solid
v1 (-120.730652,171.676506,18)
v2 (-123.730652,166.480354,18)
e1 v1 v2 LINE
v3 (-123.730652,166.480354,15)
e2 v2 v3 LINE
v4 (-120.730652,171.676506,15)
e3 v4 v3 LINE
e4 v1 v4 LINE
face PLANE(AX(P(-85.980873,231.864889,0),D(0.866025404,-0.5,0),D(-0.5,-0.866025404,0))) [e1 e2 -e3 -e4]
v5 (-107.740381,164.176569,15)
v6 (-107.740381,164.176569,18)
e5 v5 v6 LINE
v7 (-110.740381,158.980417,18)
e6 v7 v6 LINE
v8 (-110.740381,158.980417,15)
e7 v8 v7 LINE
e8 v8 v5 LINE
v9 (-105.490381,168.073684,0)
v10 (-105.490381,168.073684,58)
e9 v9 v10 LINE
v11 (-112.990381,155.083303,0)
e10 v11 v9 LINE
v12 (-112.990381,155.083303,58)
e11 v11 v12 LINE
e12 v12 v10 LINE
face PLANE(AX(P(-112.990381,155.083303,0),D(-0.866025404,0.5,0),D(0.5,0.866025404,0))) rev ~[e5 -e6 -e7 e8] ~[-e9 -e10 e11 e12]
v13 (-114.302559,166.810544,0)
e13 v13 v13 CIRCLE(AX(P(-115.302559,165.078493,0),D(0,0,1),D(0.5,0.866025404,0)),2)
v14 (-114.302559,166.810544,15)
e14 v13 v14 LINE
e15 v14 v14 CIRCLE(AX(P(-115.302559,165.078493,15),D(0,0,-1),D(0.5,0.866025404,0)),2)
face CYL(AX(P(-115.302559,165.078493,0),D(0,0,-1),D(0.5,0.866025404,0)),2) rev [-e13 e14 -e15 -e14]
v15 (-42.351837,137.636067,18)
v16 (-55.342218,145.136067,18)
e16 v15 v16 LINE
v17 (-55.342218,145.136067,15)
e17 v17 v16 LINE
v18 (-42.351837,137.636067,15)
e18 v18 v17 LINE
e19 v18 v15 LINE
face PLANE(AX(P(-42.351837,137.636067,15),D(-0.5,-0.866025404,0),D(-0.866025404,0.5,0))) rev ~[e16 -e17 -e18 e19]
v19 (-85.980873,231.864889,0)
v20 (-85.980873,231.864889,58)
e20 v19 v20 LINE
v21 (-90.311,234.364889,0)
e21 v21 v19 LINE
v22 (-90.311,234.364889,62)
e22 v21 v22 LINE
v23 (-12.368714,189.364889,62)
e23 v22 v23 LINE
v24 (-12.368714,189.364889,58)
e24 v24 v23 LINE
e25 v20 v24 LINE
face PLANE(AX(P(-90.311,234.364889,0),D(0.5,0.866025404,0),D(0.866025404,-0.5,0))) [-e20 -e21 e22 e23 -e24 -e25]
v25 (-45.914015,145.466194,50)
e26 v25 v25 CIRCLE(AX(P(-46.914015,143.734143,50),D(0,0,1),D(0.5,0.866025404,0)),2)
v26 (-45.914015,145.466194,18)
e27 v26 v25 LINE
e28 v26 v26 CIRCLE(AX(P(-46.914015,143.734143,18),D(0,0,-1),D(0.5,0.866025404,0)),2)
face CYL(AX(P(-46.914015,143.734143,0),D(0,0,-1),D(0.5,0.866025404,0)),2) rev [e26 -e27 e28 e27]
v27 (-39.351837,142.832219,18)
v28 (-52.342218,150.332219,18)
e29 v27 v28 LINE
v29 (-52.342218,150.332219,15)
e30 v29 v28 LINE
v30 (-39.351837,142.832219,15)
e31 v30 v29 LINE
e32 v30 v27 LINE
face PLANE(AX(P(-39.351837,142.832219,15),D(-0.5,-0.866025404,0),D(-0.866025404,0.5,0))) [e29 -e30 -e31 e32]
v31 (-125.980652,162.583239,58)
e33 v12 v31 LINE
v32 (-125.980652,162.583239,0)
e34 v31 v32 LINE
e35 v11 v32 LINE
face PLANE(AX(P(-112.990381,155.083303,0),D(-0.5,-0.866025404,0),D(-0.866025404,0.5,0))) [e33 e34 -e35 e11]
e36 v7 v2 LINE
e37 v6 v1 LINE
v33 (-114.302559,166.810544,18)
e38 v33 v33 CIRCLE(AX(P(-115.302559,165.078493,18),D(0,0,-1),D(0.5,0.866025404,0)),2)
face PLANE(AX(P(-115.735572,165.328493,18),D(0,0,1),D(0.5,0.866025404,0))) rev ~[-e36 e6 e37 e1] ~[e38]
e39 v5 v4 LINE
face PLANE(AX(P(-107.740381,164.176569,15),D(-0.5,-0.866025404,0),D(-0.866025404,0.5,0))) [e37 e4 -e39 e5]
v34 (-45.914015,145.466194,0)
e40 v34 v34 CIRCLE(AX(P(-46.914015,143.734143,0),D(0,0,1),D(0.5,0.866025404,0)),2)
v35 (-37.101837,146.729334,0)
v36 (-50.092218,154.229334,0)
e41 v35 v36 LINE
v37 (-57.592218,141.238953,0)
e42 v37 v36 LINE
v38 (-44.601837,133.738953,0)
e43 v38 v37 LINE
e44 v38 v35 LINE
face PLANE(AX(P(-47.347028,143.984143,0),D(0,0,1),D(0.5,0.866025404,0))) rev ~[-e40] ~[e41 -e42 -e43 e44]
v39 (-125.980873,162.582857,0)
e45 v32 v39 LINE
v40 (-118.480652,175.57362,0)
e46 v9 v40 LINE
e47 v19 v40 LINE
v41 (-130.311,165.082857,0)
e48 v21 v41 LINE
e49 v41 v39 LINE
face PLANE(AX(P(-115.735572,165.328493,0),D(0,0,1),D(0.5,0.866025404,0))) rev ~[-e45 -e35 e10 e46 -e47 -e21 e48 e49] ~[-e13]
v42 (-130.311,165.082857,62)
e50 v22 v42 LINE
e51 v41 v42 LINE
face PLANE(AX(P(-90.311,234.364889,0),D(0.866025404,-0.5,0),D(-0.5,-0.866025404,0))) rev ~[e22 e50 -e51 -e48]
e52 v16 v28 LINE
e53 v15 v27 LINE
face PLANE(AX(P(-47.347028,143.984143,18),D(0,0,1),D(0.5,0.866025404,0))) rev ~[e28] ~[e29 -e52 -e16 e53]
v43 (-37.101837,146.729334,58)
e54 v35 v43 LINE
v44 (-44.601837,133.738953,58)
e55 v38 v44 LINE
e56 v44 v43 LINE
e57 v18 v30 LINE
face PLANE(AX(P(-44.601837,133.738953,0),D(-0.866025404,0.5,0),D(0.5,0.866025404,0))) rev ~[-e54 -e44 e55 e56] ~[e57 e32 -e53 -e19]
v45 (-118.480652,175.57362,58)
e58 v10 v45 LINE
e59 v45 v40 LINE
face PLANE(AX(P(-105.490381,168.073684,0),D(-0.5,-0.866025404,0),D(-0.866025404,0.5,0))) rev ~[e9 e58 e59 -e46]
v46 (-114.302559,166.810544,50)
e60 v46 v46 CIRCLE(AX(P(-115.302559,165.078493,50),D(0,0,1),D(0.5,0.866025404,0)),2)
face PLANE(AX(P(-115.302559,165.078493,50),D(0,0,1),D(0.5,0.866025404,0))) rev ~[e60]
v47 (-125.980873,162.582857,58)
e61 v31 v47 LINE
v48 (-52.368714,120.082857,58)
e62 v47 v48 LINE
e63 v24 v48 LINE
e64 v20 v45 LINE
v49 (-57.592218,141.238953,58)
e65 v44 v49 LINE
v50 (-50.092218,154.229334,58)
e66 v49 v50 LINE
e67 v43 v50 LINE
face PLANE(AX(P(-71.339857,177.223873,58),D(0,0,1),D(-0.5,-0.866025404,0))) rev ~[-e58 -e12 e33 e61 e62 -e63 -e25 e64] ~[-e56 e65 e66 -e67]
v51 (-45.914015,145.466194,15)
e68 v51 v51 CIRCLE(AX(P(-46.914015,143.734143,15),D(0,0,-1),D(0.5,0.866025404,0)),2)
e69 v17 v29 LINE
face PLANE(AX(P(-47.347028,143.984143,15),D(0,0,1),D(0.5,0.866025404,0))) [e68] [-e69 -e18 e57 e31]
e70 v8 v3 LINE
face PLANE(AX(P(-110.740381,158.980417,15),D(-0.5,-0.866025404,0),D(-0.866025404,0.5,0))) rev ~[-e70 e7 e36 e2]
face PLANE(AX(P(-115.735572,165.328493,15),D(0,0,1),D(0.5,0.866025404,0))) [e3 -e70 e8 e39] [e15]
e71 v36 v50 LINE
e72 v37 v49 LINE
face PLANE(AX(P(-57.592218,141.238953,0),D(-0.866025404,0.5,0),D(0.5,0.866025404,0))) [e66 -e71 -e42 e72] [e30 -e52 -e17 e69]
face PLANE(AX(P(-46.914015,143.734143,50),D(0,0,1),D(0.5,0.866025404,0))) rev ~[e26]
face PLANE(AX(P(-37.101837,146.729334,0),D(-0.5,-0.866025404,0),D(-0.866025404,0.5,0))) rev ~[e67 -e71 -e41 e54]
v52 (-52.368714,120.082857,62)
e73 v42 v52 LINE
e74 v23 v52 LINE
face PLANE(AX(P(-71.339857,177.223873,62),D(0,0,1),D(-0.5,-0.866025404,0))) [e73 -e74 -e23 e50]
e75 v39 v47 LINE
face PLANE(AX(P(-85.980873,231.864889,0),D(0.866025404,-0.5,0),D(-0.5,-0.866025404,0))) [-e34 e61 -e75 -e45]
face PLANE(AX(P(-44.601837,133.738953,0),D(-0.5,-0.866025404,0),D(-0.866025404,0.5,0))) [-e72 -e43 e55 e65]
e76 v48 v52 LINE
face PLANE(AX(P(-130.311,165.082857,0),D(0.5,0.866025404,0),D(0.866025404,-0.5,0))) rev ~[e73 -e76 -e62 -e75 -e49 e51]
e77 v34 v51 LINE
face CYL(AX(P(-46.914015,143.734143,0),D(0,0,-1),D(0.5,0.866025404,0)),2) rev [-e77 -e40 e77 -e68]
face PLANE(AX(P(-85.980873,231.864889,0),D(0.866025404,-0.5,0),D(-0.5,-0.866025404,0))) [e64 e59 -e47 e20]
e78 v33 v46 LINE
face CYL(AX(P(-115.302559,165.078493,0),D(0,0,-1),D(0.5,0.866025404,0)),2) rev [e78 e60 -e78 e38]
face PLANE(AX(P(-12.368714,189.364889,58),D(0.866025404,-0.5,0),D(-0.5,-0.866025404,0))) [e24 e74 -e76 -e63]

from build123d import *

# Parameters (mm, degrees)
BOX035_W                  = 6
BOX035_H                  = 15
BOX035_DEPTH              = 3
CYLINDER018_R             = 2
CYLINDER018_DEPTH         = 50
BOX_W                     = 15
BOX_H                     = 15
BOX_DEPTH                 = 58
CUT051_PLACEMENT_ANGLE    = 60
CUT052_PLACEMENT_ANGLE    = 60
BOX044_W                  = 80
BOX044_H                  = 5
BOX044_DEPTH              = 58
BOX045_W                  = 80
BOX045_H                  = 90
BOX045_DEPTH              = 4
FUSION090_PLACEMENT_ANGLE = 120


with BuildPart() as nut_hole:
    # Box035 → Box035 (new body)
    with BuildSketch(Plane(origin=(-8.5, 5, 15), x_dir=(1, 0, 0), z_dir=(0, 0, 1))):
        with Locations((3, 7.5)):
            Rectangle(BOX035_W, BOX035_H)
    extrude(amount=BOX035_DEPTH)


with BuildPart() as cylinder:
    # Cylinder018 → Cylinder018 (new body)
    with BuildSketch(Plane(origin=(-5.5, 12, 0), x_dir=(1, 0, 0), z_dir=(0, 0, 1))):
        Circle(CYLINDER018_R)
    extrude(amount=CYLINDER018_DEPTH)


with BuildPart() as cut:
    # Box → Box (new body)
    with BuildSketch(Plane(origin=(-13, 5, 0), x_dir=(1, 0, 0), z_dir=(0, 0, 1))):
        with Locations((7.5, 7.5)):
            Rectangle(BOX_W, BOX_H)
    extrude(amount=BOX_DEPTH)

    # Cut: cut Cylinder
    add(cylinder.part, mode=Mode.SUBTRACT)


with BuildPart() as cut051:
    # Cut051 base: copy of Cut
    add(cut.part)

    # Cut051: cut Nut hole
    add(nut_hole.part, mode=Mode.SUBTRACT)


with BuildPart() as cut051_1:
    # Cut051 placement: moved
    add(cut051.part.moved(Location((-102.160254, 163.841633, 0))).rotate(Axis((-102.160254, 163.841633, 0), (0, 0, 1)), CUT051_PLACEMENT_ANGLE))


with BuildPart() as cut052:
    # Cut052 base: copy of Cut
    add(cut.part)

    # Cut052: cut Nut hole
    add(nut_hole.part, mode=Mode.SUBTRACT)


with BuildPart() as cut052_1:
    # Cut052 placement: moved
    add(cut052.part.moved(Location((-33.77171, 142.497283, 0))).rotate(Axis((-33.77171, 142.497283, 0), (0, 0, 1)), CUT052_PLACEMENT_ANGLE))


with BuildPart() as cube006:
    # Box044 → Box044 (new body)
    with BuildSketch(Plane(origin=(-35, 0, 0), x_dir=(1, 0, 0), z_dir=(0, 0, 1))):
        with Locations((40, 2.5)):
            Rectangle(BOX044_W, BOX044_H)
    extrude(amount=BOX044_DEPTH)


with BuildPart() as fusion092:
    # Box045 → Box045 (new body)
    with BuildSketch(Plane(origin=(-35, 0, 58), x_dir=(1, 0, 0), z_dir=(0, 0, 1))):
        with Locations((40, 45)):
            Rectangle(BOX045_W, BOX045_H)
    extrude(amount=BOX045_DEPTH)

    # Fusion090: union Cube006
    add(cube006.part)


with BuildPart() as fusion092_1:
    # Fusion090 placement: moved
    add(fusion092.part.moved(Location((-107.811, 204.054, 0))).rotate(Axis((-107.811, 204.054, 0), (0, 0, -1)), FUSION090_PLACEMENT_ANGLE))

    # Fusion092: union Cut051, Cut052
    add(cut051_1.part)
    add(cut052_1.part)


solid = fusion092_1.part
